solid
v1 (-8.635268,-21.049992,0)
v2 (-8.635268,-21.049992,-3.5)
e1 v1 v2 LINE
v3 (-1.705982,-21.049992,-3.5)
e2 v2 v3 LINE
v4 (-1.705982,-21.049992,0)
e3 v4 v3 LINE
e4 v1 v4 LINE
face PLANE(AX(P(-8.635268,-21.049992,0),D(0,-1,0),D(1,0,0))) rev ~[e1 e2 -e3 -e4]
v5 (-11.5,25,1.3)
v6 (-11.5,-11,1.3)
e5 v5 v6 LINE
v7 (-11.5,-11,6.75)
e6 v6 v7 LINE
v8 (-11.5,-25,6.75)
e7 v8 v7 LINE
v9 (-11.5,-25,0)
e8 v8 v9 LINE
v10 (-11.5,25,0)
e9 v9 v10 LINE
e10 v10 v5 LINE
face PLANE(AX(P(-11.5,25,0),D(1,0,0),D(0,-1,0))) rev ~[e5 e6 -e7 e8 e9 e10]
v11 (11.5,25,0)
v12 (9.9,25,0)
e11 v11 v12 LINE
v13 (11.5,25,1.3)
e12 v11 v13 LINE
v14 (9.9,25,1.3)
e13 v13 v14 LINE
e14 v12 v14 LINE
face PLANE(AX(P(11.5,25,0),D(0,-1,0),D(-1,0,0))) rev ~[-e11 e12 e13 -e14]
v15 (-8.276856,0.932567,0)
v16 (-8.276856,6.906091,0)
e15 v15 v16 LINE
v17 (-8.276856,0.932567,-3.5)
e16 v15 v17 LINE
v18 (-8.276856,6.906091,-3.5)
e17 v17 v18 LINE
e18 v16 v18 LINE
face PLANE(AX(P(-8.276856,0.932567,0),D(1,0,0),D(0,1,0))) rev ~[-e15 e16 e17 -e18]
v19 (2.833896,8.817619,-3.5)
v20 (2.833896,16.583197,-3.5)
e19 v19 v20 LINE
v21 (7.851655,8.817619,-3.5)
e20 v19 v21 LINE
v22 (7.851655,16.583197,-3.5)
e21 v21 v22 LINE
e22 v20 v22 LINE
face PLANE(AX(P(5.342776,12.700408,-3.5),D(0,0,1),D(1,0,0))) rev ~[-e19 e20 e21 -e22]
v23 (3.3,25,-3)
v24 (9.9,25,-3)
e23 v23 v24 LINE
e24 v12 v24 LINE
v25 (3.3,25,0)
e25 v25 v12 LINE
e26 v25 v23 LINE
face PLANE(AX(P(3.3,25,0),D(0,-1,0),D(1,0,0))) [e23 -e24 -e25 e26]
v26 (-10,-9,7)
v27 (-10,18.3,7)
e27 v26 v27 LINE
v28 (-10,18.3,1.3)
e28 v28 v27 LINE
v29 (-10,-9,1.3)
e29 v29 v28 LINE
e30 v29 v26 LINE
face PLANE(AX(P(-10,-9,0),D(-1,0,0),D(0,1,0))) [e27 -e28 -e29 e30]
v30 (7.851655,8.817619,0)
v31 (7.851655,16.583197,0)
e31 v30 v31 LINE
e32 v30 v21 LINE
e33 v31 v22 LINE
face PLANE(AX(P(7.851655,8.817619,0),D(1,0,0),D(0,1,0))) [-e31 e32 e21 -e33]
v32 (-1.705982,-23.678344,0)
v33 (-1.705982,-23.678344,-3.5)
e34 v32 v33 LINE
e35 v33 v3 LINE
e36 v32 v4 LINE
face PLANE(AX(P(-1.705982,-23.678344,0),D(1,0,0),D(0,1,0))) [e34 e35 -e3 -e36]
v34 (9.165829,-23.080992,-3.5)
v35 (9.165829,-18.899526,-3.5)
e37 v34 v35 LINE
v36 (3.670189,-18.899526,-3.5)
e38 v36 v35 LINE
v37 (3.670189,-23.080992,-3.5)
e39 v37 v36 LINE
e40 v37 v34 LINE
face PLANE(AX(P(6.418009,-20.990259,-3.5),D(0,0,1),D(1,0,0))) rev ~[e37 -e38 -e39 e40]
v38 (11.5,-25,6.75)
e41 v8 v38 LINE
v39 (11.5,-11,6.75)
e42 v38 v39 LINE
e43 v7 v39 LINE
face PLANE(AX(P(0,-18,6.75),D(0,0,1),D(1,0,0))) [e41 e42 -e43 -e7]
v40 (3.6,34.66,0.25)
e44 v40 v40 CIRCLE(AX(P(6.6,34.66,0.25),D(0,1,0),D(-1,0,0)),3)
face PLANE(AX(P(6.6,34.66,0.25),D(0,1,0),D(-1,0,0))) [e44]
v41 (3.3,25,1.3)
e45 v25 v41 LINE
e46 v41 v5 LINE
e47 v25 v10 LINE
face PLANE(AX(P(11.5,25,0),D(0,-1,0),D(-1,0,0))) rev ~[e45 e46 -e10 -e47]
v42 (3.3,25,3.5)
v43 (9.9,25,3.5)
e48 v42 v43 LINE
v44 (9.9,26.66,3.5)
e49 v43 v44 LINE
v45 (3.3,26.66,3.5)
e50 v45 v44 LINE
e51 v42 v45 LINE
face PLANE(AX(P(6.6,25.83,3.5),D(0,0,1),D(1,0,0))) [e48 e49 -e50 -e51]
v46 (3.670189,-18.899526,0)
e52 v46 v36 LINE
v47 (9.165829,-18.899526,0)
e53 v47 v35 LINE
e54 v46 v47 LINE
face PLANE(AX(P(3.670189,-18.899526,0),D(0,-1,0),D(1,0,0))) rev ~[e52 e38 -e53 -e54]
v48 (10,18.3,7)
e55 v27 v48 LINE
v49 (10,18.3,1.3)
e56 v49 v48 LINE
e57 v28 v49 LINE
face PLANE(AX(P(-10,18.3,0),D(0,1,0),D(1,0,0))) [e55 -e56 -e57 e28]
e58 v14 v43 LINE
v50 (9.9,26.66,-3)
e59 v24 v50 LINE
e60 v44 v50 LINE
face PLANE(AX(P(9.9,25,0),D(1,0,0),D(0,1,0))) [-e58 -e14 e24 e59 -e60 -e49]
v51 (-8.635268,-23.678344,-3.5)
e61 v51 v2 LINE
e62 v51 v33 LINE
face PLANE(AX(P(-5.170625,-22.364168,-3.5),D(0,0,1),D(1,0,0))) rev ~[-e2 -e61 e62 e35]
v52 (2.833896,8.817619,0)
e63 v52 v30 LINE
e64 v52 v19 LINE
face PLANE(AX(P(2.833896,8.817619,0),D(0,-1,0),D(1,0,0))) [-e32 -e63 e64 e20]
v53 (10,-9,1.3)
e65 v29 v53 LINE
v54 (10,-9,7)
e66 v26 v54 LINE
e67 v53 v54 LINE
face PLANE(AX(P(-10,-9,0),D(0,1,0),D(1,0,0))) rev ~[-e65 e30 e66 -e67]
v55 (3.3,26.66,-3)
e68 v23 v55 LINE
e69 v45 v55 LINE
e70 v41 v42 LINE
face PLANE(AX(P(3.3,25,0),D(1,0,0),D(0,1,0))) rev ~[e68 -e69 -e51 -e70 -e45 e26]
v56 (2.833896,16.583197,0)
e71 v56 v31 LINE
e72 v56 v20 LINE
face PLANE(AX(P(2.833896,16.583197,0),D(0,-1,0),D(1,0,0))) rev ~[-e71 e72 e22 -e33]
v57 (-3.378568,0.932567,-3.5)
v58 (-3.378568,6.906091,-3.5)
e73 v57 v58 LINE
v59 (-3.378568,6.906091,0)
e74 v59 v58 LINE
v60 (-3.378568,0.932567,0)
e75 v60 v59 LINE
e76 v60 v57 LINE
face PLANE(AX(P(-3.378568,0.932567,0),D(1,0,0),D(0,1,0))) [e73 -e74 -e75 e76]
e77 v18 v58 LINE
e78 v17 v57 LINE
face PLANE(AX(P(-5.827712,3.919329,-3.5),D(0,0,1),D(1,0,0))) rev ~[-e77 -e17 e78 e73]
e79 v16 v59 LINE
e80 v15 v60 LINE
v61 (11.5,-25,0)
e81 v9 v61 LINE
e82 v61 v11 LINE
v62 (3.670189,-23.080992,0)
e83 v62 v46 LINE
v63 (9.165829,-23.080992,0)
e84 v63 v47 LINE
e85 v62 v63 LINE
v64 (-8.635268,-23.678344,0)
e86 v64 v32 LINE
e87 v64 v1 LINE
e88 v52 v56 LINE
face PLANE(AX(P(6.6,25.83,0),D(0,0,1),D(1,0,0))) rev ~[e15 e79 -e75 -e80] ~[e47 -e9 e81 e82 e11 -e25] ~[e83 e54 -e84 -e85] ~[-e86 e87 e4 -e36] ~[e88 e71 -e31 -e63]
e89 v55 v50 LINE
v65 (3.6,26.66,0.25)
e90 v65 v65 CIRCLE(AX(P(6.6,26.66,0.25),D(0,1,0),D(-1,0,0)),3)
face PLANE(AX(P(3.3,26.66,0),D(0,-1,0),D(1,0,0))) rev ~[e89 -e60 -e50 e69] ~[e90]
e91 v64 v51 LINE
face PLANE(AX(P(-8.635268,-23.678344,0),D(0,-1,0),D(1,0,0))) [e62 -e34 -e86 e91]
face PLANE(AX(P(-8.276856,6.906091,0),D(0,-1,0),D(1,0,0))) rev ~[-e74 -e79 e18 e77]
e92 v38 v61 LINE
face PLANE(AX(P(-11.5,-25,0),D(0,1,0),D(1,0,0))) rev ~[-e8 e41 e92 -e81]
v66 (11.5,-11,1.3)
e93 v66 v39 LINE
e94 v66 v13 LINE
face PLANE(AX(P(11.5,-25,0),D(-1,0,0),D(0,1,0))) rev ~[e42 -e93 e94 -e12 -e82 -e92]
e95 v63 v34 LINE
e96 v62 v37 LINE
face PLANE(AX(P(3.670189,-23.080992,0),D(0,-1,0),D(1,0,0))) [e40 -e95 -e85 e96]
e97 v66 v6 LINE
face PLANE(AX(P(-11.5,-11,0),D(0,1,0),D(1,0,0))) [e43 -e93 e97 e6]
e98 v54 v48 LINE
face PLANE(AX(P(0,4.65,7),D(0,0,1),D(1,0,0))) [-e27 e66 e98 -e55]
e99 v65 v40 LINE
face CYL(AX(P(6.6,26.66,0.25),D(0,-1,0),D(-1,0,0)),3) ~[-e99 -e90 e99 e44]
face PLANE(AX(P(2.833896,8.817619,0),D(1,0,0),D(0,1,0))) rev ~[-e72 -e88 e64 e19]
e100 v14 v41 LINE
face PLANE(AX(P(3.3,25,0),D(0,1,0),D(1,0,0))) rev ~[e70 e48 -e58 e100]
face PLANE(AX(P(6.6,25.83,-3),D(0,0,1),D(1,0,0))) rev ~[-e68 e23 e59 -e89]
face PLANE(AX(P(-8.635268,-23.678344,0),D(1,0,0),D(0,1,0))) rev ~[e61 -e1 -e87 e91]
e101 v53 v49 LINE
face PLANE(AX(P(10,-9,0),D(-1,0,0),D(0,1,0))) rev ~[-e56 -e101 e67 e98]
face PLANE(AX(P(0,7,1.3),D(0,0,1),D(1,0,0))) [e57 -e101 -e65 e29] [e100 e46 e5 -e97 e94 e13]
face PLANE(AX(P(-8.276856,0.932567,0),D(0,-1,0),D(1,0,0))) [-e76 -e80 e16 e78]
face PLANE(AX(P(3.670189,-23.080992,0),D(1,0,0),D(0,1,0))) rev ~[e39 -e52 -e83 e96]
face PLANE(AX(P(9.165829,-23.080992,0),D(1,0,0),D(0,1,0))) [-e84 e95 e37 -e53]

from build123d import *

# Parameters (mm, degrees)
F0_W          = 20
F0_H          = 27.3
F0_W_2        = 23
F0_H_2        = 14
F0_W_3        = 6.929286
F0_H_3        = 2.628351
F0_W_4        = 5.49564
F0_H_4        = 4.181466
F1_DEPTH      = 1.3
F0_W_5        = 4.898288
F0_H_5        = 5.973523
F0_W_6        = 5.017759
F0_H_6        = 7.765578
F2_DEPTH      = 7
F3_DEPTH      = 6.75
F0_W_7        = 6.6
F0_H_7        = 1.66
F4_DEPTH      = 3.5
F4_DEPTH_BACK = 3
F5_DEPTH      = 3.5
F6_R          = 3
F7_DEPTH      = 8


with BuildPart() as f1:
    # F0 (on Top) → F1 (new body)
    with BuildSketch(Plane.XY):
        Polygon((3.3, 25), (-11.5, 25), (-11.5, -11), (11.5, -11), (11.5, 25), (9.9, 25), align=None)
        with Locations((0, 4.65)):
            Rectangle(F0_W, F0_H, mode=Mode.SUBTRACT)
        with Locations((0, -18)):
            Rectangle(F0_W_2, F0_H_2)
        with Locations((-5.170625, -22.364168)):
            Rectangle(F0_W_3, F0_H_3, mode=Mode.SUBTRACT)
        with Locations((6.418009, -20.990259)):
            Rectangle(F0_W_4, F0_H_4, mode=Mode.SUBTRACT)
    extrude(amount=F1_DEPTH)

    # F0 (on Top) → F2 (join)
    with BuildSketch(Plane.XY):
        with Locations((0, 4.65)):
            Rectangle(F0_W, F0_H)
        with Locations((-5.827712, 3.919329)):
            Rectangle(F0_W_5, F0_H_5, mode=Mode.SUBTRACT)
        with Locations((5.342776, 12.700408)):
            Rectangle(F0_W_6, F0_H_6, mode=Mode.SUBTRACT)
        with Locations((-5.827712, 3.919329)):
            Rectangle(F0_W_5, F0_H_5)
        with Locations((5.342776, 12.700408)):
            Rectangle(F0_W_6, F0_H_6)
    extrude(amount=F2_DEPTH)

    # F0 (on Top) → F3 (join)
    with BuildSketch(Plane.XY):
        with Locations((0, -18)):
            Rectangle(F0_W_2, F0_H_2)
        with Locations((-5.170625, -22.364168)):
            Rectangle(F0_W_3, F0_H_3, mode=Mode.SUBTRACT)
        with Locations((6.418009, -20.990259)):
            Rectangle(F0_W_4, F0_H_4, mode=Mode.SUBTRACT)
        with Locations((6.418009, -20.990259)):
            Rectangle(F0_W_4, F0_H_4)
        with Locations((-5.170625, -22.364168)):
            Rectangle(F0_W_3, F0_H_3)
    extrude(amount=F3_DEPTH)

    # F0 (on Top) → F4 (join, two sides)
    with BuildSketch(Plane.XY) as f4_sk:
        with Locations((6.6, 25.83)):
            Rectangle(F0_W_7, F0_H_7)
    extrude(amount=F4_DEPTH)
    extrude(f4_sk.sketch, amount=-F4_DEPTH_BACK)

    # F0 (on Top) → F5 (join)
    with BuildSketch(Plane.XY):
        with Locations((5.342776, 12.700408)):
            Rectangle(F0_W_6, F0_H_6)
        with Locations((-5.827712, 3.919329)):
            Rectangle(F0_W_5, F0_H_5)
        with Locations((6.418009, -20.990259)):
            Rectangle(F0_W_4, F0_H_4)
        with Locations((-5.170625, -22.364168)):
            Rectangle(F0_W_3, F0_H_3)
    extrude(amount=-F5_DEPTH)

    # F6 (on face) → F7 (join)
    with BuildSketch(Plane(origin=(0, 26.66, 0), x_dir=(-1, 0, 0), z_dir=(0, 1, 0))):
        with Locations((-6.6, 0.25)):
            Circle(F6_R)
    extrude(amount=F7_DEPTH)


solid = f1.part
